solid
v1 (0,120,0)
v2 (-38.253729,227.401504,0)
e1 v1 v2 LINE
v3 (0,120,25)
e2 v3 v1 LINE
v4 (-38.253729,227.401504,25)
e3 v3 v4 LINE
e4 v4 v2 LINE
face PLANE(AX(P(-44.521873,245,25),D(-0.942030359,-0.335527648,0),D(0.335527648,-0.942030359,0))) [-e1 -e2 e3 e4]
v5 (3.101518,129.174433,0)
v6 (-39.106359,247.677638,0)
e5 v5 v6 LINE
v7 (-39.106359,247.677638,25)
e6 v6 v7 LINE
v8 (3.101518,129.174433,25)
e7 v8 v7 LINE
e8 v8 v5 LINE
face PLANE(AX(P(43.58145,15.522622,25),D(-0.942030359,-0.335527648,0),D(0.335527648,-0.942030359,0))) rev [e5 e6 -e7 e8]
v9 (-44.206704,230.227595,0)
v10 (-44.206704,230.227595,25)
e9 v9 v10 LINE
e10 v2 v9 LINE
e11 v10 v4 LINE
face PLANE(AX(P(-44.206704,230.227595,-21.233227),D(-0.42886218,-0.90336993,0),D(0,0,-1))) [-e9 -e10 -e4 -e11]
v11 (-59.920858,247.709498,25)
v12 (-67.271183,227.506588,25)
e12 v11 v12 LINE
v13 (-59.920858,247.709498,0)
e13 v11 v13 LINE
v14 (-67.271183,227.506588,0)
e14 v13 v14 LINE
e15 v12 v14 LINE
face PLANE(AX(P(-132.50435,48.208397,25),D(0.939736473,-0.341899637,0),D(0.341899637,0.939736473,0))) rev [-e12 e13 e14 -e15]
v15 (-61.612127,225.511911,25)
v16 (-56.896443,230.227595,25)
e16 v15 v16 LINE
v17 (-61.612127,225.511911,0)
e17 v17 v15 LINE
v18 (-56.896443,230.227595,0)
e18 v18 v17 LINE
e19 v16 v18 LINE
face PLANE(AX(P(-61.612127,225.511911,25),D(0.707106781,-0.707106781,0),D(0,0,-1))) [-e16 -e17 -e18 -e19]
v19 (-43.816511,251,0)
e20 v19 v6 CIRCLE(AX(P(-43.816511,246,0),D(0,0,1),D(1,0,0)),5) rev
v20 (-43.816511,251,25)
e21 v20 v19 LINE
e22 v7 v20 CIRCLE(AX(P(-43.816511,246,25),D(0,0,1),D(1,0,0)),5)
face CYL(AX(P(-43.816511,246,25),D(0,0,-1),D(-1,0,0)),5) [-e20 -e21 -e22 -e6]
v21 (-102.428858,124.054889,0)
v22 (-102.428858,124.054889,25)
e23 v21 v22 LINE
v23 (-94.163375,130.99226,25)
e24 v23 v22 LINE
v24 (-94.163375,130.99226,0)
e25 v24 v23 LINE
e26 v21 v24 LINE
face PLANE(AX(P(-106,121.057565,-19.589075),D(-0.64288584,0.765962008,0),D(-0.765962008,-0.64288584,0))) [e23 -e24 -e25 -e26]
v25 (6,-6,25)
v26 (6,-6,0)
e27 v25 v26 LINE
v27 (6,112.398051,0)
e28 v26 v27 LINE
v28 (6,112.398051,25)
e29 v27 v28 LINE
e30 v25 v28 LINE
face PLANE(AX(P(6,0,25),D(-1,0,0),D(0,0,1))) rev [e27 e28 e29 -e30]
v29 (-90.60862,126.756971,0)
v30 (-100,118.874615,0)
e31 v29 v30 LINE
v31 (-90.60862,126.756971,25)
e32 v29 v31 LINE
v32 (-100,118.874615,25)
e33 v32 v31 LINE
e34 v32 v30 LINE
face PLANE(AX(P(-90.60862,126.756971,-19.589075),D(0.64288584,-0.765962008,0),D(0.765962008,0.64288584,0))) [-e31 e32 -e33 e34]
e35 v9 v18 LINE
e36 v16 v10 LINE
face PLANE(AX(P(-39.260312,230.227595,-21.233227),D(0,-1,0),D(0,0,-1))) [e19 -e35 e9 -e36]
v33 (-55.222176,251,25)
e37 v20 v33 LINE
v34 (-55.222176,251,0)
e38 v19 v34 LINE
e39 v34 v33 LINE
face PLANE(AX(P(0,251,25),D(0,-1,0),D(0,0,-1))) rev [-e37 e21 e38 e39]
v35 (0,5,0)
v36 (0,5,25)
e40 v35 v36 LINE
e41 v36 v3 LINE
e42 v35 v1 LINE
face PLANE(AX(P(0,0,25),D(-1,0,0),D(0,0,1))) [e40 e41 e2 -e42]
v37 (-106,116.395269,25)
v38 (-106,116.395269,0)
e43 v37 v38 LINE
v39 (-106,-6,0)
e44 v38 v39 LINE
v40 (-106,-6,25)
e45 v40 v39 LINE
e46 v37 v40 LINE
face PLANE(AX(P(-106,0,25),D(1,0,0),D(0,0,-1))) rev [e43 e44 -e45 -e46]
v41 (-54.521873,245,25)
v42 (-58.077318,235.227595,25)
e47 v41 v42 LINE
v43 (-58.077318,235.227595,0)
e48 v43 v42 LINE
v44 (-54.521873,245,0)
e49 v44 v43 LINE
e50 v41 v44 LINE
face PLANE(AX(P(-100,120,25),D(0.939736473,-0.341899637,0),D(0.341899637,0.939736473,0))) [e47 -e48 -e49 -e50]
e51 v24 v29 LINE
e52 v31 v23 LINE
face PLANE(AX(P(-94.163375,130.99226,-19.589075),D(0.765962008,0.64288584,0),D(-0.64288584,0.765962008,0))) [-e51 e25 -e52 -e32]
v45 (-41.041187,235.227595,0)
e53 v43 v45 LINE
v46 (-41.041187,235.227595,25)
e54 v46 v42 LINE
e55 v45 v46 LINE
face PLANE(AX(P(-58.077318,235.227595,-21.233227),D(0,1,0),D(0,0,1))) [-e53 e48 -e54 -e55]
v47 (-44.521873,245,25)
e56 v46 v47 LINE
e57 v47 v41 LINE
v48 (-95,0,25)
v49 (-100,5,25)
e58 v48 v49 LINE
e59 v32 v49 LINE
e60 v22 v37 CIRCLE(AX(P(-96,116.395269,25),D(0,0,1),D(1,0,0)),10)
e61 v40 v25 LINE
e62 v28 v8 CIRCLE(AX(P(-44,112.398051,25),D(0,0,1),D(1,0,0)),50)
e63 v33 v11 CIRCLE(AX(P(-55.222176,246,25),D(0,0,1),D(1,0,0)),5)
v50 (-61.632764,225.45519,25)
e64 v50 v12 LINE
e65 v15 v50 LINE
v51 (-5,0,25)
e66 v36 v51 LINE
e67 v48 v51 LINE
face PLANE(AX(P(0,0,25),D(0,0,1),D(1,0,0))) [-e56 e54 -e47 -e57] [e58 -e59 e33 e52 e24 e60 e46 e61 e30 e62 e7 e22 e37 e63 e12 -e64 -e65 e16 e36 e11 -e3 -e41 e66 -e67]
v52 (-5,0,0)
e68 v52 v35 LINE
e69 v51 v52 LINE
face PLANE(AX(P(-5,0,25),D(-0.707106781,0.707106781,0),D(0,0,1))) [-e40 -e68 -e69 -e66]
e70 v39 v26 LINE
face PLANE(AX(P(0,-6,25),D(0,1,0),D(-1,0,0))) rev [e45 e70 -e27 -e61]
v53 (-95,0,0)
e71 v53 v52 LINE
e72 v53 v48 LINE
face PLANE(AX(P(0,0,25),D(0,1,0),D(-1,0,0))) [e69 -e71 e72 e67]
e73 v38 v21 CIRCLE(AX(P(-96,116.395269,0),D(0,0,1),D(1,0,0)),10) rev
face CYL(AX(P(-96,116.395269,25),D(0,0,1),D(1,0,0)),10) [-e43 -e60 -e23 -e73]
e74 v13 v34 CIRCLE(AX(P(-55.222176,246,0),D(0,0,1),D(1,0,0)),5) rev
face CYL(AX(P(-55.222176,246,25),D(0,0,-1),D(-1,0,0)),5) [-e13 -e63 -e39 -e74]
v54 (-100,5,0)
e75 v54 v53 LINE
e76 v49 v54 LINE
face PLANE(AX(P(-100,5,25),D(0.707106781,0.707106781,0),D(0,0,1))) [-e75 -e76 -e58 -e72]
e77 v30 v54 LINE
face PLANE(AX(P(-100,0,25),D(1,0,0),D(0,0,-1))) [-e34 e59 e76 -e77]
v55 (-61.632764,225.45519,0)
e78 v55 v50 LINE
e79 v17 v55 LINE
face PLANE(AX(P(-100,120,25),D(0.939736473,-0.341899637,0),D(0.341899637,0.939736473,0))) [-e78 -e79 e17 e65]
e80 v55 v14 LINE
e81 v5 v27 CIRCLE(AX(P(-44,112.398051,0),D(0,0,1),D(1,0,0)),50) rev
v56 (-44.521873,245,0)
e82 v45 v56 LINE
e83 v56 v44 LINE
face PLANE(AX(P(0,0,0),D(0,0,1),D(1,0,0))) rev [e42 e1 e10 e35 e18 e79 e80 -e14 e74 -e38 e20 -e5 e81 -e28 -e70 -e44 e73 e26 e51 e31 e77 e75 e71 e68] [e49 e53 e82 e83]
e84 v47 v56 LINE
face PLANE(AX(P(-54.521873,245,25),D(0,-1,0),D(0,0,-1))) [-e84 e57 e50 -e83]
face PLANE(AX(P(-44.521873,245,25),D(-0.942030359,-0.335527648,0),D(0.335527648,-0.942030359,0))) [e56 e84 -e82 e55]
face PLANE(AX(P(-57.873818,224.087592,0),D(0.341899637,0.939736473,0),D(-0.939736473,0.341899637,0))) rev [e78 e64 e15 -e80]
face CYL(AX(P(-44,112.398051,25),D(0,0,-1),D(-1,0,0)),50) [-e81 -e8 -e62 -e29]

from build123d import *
from OCP.BRepFilletAPI import BRepFilletAPI_MakeChamfer

# Parameters (mm, degrees)
EXTRUDE_1_DEPTH     = 25
SKETCH_2_W          = 25
SKETCH_2_H          = 113.275398007
CUT_EXTRUDE_1_DEPTH = 10
EXTRUDE_1_2_DEPTH   = 25
FILLET_1_R          = 50
FILLET_2_R          = 5
CHAMFER_1_SIZE      = 3
CHAMFER_1_SIZE2     = 5.018091596
CHAMFER_1_SIZE2_2   = 4.946391741
EXTRUDE_2_DEPTH     = 25
FILLET_3_R          = 10
CHAMFER_2_SIZE      = 5


with BuildPart() as part:
    # 草图1 → Extrude 1 (new body)
    with BuildSketch(Plane.XY):
        Polygon((-40.289701428, 251), (6, 121.036629463), (6, -6), (-106, -6), (-106, 121.057565217), (-58.723691593, 251), align=None)
        Polygon((-44.521873006, 245), (0, 120), (0, 0), (-100, 0), (-100, 120), (-54.521873006, 245), align=None, mode=Mode.SUBTRACT)
    extrude(amount=EXTRUDE_1_DEPTH)

    # 草图2 → 切除-拉伸1 (cut)
    with BuildSketch(Plane(origin=(-132.504349732, 48.208397155, 0), x_dir=(0, 0, 1), z_dir=(-0.9397364726914574, 0.34189963716479416, 0))):
        with Locations((12.5, 134.158546794)):
            Rectangle(SKETCH_2_W, SKETCH_2_H)
    extrude(amount=-CUT_EXTRUDE_1_DEPTH, mode=Mode.SUBTRACT)

    # 草图4 → Extrude 1 2 (add)
    with BuildSketch(Plane.XY.offset(25)):
        Polygon((-58.077318346, 235.22759518), (-41.041186875, 235.22759518), (-39.260311955, 230.22759518), (-59.896443426, 230.22759518), align=None)
    extrude(amount=-EXTRUDE_1_2_DEPTH)

    # 圆角1
    fillet_1_edges = [part.edges().sort_by_distance(p)[0] for p in [
        (6, 121.036629463, 12.5),
    ]]
    fillet(fillet_1_edges, radius=FILLET_1_R)

    # 圆角2
    fillet_2_edges = [part.edges().sort_by_distance(p)[0] for p in [
        (-58.723691593, 251, 12.5),
        (-40.289701428, 251, 12.5),
    ]]
    fillet(fillet_2_edges, radius=FILLET_2_R)

    # 倒角1: one chamfer whose edges measure the first distance from different faces: ONE call of the kernel's chamfer builder (chamfer() names one face for all edges)
    chamfer_1_edges_1 = [part.edges().sort_by_distance(p)[0] for p in [
        (-59.896443426, 230.22759518, 12.5),
    ]]
    chamfer_1_side_1 = [part.faces().sort_by_distance(p)[0] for p in [
        (-49.57837769, 230.22759518, 12.5),
    ]]
    chamfer_1_edges_2 = [part.edges().sort_by_distance(p)[0] for p in [
        (-39.260311955, 230.22759518, 12.5),
    ]]
    chamfer_1_side_2 = [part.faces().sort_by_distance(p)[0] for p in [
        (-19.630155978, 175.11379759, 12.5),
    ]]
    chamfer_1 = BRepFilletAPI_MakeChamfer(part.part.solid().wrapped)
    for e in chamfer_1_edges_1:
        chamfer_1.Add(CHAMFER_1_SIZE, CHAMFER_1_SIZE2, e.wrapped, chamfer_1_side_1[0].wrapped)  # the first distance lies on this face
    for e in chamfer_1_edges_2:
        chamfer_1.Add(CHAMFER_1_SIZE, CHAMFER_1_SIZE2_2, e.wrapped, chamfer_1_side_2[0].wrapped)  # the first distance lies on this face
    add(Compound.cast(chamfer_1.Shape()), mode=Mode.REPLACE)

    # 草图5 → 凸台-拉伸2 (add)
    with BuildSketch(Plane.XY.offset(25)):
        Polygon((-106, 121.057565217), (-94.163375331, 130.992259513), (-90.60862045, 126.756970729), (-100, 118.874615121), align=None)
    extrude(amount=-EXTRUDE_2_DEPTH)

    # 圆角3
    fillet_3_edges = [part.edges().sort_by_distance(p)[0] for p in [
        (-106, 121.057565217, 12.5),
    ]]
    fillet(fillet_3_edges, radius=FILLET_3_R)

    # 倒角2
    chamfer_2_edges = [part.edges().sort_by_distance(p)[0] for p in [
        (0, 0, 12.5),
        (-100, 0, 12.5),
    ]]
    chamfer(chamfer_2_edges, length=CHAMFER_2_SIZE)


solid = part.part
